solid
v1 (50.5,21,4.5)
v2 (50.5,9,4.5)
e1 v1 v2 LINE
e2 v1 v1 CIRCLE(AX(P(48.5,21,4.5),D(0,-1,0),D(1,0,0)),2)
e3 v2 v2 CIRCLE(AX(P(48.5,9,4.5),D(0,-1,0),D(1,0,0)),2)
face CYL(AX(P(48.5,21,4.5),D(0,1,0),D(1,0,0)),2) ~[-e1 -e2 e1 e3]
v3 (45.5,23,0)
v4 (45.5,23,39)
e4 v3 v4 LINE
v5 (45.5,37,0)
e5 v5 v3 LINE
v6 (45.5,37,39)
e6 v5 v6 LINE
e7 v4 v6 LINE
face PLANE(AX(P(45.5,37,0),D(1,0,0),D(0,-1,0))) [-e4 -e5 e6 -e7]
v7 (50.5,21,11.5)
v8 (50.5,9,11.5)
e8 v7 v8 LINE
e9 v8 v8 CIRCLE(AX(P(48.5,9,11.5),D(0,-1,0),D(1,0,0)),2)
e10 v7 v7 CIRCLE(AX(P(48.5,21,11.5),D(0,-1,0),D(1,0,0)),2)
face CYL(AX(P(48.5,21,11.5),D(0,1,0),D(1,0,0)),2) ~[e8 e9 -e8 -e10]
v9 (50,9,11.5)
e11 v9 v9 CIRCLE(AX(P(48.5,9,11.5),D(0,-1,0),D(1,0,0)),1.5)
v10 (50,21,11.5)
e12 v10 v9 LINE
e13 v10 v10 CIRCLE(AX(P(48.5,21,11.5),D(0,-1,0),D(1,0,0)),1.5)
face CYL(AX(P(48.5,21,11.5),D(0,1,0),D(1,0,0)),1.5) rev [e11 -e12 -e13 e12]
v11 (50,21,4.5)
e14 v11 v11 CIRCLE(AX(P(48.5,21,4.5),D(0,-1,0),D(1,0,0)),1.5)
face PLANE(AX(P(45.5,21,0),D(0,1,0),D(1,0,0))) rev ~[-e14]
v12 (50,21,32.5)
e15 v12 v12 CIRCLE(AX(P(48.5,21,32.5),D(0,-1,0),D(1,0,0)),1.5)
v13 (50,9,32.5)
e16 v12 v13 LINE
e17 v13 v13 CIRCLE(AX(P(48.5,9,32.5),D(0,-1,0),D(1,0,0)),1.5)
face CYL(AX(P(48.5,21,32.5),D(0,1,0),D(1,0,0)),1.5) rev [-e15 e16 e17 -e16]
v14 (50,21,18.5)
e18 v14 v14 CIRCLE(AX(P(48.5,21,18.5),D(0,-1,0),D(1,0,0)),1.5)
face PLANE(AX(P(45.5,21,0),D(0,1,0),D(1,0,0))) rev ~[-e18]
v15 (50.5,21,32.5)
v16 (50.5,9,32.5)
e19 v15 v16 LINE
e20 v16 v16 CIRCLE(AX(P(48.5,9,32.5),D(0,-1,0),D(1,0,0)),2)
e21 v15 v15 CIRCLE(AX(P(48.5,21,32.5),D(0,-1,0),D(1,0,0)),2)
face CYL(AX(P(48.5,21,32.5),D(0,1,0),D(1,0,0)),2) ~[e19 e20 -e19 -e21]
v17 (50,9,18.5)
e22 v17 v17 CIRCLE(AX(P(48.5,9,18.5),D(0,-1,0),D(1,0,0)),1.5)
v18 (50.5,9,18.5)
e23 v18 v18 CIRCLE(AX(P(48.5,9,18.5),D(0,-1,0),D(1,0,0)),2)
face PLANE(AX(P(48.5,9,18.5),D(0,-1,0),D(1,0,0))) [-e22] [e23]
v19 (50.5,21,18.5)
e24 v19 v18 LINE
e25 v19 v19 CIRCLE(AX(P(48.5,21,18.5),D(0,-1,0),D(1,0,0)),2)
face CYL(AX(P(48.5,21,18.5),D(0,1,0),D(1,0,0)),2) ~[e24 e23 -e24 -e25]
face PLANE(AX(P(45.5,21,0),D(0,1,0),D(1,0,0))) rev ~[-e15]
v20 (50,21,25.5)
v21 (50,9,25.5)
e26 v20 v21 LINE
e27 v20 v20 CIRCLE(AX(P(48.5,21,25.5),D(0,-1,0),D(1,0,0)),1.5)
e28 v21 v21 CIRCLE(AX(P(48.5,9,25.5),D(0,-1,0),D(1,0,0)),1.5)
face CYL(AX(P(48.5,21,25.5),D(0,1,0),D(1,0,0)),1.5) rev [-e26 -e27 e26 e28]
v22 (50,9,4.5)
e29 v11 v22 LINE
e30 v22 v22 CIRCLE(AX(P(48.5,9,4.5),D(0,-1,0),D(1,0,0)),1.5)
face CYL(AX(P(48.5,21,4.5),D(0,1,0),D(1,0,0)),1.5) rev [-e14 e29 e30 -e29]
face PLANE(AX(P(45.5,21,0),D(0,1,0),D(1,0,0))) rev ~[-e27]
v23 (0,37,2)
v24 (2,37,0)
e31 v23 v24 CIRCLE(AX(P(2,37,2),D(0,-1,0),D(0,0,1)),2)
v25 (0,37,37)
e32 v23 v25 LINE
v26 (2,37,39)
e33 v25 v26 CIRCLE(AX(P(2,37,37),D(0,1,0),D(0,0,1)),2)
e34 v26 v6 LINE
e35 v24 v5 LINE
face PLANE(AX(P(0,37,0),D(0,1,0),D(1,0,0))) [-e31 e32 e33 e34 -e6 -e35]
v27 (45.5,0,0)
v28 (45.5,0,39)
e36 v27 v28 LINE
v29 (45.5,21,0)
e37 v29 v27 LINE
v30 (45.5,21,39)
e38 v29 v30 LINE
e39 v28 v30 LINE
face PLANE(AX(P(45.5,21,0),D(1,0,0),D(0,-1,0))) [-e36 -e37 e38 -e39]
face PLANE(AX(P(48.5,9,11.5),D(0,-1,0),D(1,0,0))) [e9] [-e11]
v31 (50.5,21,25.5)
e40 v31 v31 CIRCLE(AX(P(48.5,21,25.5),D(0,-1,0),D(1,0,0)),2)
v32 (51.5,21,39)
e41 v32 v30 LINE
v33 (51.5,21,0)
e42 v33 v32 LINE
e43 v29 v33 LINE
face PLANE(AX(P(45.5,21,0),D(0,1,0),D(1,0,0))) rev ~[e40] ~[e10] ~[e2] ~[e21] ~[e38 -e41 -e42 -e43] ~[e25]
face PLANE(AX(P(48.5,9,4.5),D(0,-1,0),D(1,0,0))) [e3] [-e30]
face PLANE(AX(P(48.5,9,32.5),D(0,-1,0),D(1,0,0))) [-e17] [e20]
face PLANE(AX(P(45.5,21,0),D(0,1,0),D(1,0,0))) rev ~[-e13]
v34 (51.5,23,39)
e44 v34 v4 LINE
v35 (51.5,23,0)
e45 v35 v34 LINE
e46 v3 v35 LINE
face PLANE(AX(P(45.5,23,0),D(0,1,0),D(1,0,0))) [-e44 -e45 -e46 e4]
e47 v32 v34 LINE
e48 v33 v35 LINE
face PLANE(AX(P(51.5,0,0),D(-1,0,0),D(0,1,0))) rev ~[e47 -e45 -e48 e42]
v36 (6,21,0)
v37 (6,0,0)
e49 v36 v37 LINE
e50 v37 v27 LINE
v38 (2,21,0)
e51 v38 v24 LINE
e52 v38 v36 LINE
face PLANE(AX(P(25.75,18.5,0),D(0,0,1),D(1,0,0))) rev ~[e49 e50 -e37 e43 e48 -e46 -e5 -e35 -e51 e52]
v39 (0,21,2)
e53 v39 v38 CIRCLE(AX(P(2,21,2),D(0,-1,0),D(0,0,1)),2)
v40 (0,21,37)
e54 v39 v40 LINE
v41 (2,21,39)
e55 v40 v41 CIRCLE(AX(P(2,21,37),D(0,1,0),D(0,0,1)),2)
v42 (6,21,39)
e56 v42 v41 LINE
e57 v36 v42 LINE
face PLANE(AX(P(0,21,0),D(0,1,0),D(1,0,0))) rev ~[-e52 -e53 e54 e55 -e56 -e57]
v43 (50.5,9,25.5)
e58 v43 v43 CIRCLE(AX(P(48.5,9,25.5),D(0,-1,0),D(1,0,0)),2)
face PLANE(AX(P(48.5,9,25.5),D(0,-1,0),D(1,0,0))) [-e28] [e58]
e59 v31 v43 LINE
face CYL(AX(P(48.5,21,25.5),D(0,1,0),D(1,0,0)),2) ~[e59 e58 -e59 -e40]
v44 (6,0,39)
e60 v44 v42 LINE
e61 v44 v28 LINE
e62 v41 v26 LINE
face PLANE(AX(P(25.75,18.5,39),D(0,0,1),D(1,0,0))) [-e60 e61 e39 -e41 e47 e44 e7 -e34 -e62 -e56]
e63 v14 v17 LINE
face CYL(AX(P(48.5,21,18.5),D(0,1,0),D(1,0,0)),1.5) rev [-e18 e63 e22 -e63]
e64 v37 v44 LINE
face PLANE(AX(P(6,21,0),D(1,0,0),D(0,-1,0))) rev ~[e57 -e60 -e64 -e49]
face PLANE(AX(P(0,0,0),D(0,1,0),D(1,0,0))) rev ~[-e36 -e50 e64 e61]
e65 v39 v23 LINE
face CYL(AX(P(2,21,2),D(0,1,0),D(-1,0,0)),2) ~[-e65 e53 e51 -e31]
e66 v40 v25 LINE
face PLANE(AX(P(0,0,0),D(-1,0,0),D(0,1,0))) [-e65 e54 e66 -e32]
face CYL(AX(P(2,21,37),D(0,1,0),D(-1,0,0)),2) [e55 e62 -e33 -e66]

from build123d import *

# Parameters (mm, degrees)
F0_W     = 51.5
F0_H     = 37
F1_DEPTH = 39
F2_W     = 6
F2_H     = 21
F2_H_2   = 14
F3_DEPTH = 39.001
F4_R     = 2
F4_R_2   = 1.5
F5_DEPTH = 12
F6_R     = 2


with BuildPart() as f1:
    # F0 (on Top) → F1 (new body)
    with BuildSketch(Plane.XY):
        with Locations((25.75, 18.5)):
            Rectangle(F0_W, F0_H)
    extrude(amount=F1_DEPTH)

    # F2 (on face) → F3 (cut, through all)
    with BuildSketch(Plane(origin=(0, 0, 0), x_dir=(1, 0, 0), z_dir=(0, 0, -1))):
        with Locations((3, -10.5)):
            Rectangle(F2_W, F2_H)
        with Locations((48.5, -10.5)):
            Rectangle(F2_W, F2_H)
        with Locations((48.5, -30)):
            Rectangle(F2_W, F2_H_2)
    extrude(amount=-F3_DEPTH, mode=Mode.SUBTRACT)

    # F4 (on face) → F5 (join)
    with BuildSketch(Plane.XZ.offset(-21)):
        with Locations((48.5, 4.5)):
            Circle(F4_R)
        with Locations((48.5, 4.5)):
            Circle(F4_R_2, mode=Mode.SUBTRACT)
        with Locations((48.5, 11.5)):
            Circle(F4_R)
        with Locations((48.5, 11.5)):
            Circle(F4_R_2, mode=Mode.SUBTRACT)
        with Locations((48.5, 18.5)):
            Circle(F4_R)
        with Locations((48.5, 18.5)):
            Circle(F4_R_2, mode=Mode.SUBTRACT)
        with Locations((48.5, 25.5)):
            Circle(F4_R)
        with Locations((48.5, 25.5)):
            Circle(F4_R_2, mode=Mode.SUBTRACT)
        with Locations((48.5, 32.5)):
            Circle(F4_R)
        with Locations((48.5, 32.5)):
            Circle(F4_R_2, mode=Mode.SUBTRACT)
    extrude(amount=F5_DEPTH)

    # F6
    f6_edges = [f1.edges().sort_by_distance(p)[0] for p in [
        (0, 29, 0),
        (0, 29, 39),
    ]]
    fillet(f6_edges, radius=F6_R)


solid = f1.part
